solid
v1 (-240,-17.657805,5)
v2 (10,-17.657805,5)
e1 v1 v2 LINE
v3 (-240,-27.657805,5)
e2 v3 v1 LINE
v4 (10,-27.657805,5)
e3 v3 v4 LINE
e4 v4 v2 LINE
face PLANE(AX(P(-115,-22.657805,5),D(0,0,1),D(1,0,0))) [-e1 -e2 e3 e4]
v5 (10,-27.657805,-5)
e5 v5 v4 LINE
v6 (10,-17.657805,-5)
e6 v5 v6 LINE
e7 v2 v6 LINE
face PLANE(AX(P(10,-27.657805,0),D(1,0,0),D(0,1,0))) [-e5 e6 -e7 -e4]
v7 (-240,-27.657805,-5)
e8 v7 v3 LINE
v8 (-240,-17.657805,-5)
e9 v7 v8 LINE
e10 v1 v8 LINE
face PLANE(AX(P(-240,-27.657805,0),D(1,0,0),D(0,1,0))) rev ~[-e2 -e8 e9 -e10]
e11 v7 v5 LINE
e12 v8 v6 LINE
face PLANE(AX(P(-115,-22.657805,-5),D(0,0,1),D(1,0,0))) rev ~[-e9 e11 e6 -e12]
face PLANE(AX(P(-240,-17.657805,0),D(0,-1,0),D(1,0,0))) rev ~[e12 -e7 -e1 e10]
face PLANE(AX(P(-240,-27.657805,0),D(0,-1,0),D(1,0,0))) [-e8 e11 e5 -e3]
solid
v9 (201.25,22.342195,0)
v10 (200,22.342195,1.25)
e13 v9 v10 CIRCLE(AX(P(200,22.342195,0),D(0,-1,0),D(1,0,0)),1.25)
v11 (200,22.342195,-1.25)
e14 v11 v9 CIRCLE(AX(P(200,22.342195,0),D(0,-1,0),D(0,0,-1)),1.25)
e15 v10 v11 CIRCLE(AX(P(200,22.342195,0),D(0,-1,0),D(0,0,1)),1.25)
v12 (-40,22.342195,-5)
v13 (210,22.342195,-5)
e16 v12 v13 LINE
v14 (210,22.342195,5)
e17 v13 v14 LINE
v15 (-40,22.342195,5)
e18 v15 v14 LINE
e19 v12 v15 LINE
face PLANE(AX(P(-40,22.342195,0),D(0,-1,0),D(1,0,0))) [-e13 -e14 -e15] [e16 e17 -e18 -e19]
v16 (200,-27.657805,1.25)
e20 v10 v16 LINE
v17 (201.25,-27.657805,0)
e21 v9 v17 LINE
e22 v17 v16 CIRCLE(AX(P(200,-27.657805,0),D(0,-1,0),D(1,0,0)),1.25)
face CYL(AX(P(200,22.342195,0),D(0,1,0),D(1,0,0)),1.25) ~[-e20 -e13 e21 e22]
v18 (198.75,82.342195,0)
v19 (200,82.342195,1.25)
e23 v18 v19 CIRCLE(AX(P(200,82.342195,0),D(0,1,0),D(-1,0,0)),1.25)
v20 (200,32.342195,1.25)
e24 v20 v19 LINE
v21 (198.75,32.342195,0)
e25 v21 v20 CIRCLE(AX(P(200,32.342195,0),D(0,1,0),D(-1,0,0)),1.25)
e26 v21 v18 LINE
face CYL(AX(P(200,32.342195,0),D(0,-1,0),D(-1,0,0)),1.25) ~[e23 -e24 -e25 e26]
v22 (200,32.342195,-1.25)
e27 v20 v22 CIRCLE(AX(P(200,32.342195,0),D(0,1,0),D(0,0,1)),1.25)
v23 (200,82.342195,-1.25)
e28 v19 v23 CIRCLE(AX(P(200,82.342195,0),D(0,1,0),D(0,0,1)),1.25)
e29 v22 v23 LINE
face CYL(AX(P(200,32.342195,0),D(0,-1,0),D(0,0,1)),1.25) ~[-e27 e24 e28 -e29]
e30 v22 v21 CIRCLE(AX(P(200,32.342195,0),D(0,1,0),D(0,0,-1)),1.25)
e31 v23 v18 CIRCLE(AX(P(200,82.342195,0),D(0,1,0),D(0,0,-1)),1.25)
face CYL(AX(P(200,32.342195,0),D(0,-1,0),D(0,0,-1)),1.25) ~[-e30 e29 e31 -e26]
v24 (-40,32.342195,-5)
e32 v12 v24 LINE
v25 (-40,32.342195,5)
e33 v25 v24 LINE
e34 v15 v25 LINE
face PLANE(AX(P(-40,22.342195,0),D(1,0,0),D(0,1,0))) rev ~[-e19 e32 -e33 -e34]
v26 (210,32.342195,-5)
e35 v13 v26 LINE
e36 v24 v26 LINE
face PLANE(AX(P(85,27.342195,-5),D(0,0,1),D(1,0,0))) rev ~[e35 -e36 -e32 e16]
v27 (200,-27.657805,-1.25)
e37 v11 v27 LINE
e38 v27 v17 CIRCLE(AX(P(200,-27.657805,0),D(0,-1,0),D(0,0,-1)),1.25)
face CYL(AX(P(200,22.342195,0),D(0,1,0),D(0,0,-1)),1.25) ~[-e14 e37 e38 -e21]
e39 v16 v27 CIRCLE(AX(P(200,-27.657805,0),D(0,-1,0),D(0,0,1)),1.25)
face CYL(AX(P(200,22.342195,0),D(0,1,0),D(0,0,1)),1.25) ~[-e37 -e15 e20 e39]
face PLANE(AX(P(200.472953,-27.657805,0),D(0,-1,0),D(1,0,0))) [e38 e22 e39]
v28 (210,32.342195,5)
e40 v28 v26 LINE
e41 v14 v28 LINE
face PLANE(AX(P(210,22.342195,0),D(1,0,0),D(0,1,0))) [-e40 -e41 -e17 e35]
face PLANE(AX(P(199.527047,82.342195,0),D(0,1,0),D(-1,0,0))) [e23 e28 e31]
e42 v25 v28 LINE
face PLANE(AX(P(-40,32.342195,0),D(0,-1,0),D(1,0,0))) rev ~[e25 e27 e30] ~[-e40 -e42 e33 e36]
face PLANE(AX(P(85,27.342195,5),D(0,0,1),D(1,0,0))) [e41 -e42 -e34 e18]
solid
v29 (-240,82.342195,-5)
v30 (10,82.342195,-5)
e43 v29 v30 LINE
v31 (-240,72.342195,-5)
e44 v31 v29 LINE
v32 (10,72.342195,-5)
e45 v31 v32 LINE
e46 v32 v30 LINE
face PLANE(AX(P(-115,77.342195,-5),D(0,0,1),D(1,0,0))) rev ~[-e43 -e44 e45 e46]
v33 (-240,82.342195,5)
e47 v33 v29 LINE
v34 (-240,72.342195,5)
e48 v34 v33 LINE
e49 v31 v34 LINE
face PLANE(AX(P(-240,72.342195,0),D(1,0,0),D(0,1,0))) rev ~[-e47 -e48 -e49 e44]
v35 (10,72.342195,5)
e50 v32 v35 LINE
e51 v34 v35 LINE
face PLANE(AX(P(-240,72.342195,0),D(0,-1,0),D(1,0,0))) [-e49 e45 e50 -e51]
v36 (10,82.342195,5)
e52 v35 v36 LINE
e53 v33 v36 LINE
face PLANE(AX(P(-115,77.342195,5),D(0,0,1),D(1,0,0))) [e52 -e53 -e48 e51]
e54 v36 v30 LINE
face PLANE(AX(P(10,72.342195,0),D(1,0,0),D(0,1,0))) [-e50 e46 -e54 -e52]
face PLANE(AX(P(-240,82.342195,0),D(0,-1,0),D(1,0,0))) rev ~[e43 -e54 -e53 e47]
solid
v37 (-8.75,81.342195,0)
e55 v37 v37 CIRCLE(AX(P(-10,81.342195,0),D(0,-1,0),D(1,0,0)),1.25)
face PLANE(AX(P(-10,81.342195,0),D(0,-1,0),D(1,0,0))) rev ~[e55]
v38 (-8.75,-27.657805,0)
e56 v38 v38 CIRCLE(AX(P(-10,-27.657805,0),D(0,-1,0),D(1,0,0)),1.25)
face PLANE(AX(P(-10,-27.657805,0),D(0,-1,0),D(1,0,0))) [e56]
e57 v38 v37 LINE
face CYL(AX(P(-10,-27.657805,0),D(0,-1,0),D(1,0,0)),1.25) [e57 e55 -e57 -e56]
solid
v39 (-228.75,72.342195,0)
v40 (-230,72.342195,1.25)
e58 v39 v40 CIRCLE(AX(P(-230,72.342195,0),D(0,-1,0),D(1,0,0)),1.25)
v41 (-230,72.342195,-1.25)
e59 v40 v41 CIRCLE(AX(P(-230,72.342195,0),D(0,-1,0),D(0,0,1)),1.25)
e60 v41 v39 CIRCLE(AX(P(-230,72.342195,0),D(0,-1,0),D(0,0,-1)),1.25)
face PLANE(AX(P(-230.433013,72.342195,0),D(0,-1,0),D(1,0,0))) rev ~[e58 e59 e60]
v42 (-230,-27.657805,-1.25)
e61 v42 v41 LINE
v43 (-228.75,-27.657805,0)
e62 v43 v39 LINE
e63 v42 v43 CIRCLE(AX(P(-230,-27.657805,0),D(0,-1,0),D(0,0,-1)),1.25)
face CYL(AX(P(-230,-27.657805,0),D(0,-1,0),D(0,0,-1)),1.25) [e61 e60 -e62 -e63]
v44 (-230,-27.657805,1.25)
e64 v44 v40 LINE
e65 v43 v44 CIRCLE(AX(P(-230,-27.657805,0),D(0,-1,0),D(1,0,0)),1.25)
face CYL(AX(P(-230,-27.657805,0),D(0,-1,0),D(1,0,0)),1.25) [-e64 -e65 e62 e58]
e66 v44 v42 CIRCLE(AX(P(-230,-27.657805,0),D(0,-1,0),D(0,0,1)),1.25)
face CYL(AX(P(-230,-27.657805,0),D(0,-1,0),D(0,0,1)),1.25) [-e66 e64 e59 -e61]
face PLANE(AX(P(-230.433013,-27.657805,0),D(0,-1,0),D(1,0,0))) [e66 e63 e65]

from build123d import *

# Parameters (mm, degrees)
F0_W     = 250
F0_H     = 10
F1_DEPTH = 5
F2_R     = 1.25
F3_DEPTH = 109
F5_DEPTH = 100
F7_DEPTH = 50
F9_DEPTH = 50


with BuildPart() as f1:
    # F0 (on Top) → F1 (new body, symmetric)
    with BuildSketch(Plane.XY):
        with Locations((-115, 77.3421949893)):
            Rectangle(F0_W, F0_H)
    extrude(amount=F1_DEPTH, both=True)


with BuildPart() as f1b:
    # F0 (on Top) → F1, piece 2 (new body, symmetric)
    with BuildSketch(Plane.XY):
        with Locations((85, 27.3421949893)):
            Rectangle(F0_W, F0_H)
    extrude(amount=F1_DEPTH, both=True)

    # F6 (on face) → F7 (join)
    with BuildSketch(Plane(origin=(0, 32.3421949893, 0), x_dir=(-1, 0, 0), z_dir=(0, 1, 0))):
        with BuildLine():
            ThreePointArc((-198.75, 0), (-199.1161165235, 0.8838834765), (-200, 1.25))
            Line((-200, 1.25), (-200, -1.25))
            ThreePointArc((-200, -1.25), (-199.1161165235, -0.8838834765), (-198.75, 0))
        make_face()
        with BuildLine():
            Line((-200, -1.25), (-200, 1.25))
            ThreePointArc((-200, 1.25), (-201.25, 0), (-200, -1.25))
        make_face()
    extrude(amount=F7_DEPTH)

    # F8 (on face) → F9 (join)
    with BuildSketch(Plane.XZ.offset(-22.3421949893)):
        with BuildLine():
            ThreePointArc((201.25, 0), (200.8838834765, 0.8838834765), (200, 1.25))
            Line((200, 1.25), (200, -1.25))
            ThreePointArc((200, -1.25), (200.8838834765, -0.8838834765), (201.25, 0))
        make_face()
        with BuildLine():
            Line((200, -1.25), (200, 1.25))
            ThreePointArc((200, 1.25), (198.75, 0), (200, -1.25))
        make_face()
    extrude(amount=F9_DEPTH)


with BuildPart() as f1c:
    # F0 (on Top) → F1, piece 3 (new body, symmetric)
    with BuildSketch(Plane.XY):
        with Locations((-115, -22.6578050107)):
            Rectangle(F0_W, F0_H)
    extrude(amount=F1_DEPTH, both=True)


with BuildPart() as f3:
    # F2 (on face) → F3 (new body)
    with BuildSketch(Plane.XZ.offset(27.6578050107)):
        with Locations((-10, 0)):
            Circle(F2_R)
    extrude(amount=-F3_DEPTH)


with BuildPart() as f5:
    # F4 (on face) → F5 (new body)
    with BuildSketch(Plane.XZ.offset(27.6578050107)):
        with BuildLine():
            Line((-230, -1.25), (-230, 1.25))
            ThreePointArc((-230, 1.25), (-231.25, 0), (-230, -1.25))
        make_face()
        with BuildLine():
            ThreePointArc((-228.75, 0), (-229.1161165235, 0.8838834765), (-230, 1.25))
            Line((-230, 1.25), (-230, -1.25))
            ThreePointArc((-230, -1.25), (-229.1161165235, -0.8838834765), (-228.75, 0))
        make_face()
    extrude(amount=-F5_DEPTH)


solid = Compound([f1.part, f1b.part, f1c.part, f3.part, f5.part])
